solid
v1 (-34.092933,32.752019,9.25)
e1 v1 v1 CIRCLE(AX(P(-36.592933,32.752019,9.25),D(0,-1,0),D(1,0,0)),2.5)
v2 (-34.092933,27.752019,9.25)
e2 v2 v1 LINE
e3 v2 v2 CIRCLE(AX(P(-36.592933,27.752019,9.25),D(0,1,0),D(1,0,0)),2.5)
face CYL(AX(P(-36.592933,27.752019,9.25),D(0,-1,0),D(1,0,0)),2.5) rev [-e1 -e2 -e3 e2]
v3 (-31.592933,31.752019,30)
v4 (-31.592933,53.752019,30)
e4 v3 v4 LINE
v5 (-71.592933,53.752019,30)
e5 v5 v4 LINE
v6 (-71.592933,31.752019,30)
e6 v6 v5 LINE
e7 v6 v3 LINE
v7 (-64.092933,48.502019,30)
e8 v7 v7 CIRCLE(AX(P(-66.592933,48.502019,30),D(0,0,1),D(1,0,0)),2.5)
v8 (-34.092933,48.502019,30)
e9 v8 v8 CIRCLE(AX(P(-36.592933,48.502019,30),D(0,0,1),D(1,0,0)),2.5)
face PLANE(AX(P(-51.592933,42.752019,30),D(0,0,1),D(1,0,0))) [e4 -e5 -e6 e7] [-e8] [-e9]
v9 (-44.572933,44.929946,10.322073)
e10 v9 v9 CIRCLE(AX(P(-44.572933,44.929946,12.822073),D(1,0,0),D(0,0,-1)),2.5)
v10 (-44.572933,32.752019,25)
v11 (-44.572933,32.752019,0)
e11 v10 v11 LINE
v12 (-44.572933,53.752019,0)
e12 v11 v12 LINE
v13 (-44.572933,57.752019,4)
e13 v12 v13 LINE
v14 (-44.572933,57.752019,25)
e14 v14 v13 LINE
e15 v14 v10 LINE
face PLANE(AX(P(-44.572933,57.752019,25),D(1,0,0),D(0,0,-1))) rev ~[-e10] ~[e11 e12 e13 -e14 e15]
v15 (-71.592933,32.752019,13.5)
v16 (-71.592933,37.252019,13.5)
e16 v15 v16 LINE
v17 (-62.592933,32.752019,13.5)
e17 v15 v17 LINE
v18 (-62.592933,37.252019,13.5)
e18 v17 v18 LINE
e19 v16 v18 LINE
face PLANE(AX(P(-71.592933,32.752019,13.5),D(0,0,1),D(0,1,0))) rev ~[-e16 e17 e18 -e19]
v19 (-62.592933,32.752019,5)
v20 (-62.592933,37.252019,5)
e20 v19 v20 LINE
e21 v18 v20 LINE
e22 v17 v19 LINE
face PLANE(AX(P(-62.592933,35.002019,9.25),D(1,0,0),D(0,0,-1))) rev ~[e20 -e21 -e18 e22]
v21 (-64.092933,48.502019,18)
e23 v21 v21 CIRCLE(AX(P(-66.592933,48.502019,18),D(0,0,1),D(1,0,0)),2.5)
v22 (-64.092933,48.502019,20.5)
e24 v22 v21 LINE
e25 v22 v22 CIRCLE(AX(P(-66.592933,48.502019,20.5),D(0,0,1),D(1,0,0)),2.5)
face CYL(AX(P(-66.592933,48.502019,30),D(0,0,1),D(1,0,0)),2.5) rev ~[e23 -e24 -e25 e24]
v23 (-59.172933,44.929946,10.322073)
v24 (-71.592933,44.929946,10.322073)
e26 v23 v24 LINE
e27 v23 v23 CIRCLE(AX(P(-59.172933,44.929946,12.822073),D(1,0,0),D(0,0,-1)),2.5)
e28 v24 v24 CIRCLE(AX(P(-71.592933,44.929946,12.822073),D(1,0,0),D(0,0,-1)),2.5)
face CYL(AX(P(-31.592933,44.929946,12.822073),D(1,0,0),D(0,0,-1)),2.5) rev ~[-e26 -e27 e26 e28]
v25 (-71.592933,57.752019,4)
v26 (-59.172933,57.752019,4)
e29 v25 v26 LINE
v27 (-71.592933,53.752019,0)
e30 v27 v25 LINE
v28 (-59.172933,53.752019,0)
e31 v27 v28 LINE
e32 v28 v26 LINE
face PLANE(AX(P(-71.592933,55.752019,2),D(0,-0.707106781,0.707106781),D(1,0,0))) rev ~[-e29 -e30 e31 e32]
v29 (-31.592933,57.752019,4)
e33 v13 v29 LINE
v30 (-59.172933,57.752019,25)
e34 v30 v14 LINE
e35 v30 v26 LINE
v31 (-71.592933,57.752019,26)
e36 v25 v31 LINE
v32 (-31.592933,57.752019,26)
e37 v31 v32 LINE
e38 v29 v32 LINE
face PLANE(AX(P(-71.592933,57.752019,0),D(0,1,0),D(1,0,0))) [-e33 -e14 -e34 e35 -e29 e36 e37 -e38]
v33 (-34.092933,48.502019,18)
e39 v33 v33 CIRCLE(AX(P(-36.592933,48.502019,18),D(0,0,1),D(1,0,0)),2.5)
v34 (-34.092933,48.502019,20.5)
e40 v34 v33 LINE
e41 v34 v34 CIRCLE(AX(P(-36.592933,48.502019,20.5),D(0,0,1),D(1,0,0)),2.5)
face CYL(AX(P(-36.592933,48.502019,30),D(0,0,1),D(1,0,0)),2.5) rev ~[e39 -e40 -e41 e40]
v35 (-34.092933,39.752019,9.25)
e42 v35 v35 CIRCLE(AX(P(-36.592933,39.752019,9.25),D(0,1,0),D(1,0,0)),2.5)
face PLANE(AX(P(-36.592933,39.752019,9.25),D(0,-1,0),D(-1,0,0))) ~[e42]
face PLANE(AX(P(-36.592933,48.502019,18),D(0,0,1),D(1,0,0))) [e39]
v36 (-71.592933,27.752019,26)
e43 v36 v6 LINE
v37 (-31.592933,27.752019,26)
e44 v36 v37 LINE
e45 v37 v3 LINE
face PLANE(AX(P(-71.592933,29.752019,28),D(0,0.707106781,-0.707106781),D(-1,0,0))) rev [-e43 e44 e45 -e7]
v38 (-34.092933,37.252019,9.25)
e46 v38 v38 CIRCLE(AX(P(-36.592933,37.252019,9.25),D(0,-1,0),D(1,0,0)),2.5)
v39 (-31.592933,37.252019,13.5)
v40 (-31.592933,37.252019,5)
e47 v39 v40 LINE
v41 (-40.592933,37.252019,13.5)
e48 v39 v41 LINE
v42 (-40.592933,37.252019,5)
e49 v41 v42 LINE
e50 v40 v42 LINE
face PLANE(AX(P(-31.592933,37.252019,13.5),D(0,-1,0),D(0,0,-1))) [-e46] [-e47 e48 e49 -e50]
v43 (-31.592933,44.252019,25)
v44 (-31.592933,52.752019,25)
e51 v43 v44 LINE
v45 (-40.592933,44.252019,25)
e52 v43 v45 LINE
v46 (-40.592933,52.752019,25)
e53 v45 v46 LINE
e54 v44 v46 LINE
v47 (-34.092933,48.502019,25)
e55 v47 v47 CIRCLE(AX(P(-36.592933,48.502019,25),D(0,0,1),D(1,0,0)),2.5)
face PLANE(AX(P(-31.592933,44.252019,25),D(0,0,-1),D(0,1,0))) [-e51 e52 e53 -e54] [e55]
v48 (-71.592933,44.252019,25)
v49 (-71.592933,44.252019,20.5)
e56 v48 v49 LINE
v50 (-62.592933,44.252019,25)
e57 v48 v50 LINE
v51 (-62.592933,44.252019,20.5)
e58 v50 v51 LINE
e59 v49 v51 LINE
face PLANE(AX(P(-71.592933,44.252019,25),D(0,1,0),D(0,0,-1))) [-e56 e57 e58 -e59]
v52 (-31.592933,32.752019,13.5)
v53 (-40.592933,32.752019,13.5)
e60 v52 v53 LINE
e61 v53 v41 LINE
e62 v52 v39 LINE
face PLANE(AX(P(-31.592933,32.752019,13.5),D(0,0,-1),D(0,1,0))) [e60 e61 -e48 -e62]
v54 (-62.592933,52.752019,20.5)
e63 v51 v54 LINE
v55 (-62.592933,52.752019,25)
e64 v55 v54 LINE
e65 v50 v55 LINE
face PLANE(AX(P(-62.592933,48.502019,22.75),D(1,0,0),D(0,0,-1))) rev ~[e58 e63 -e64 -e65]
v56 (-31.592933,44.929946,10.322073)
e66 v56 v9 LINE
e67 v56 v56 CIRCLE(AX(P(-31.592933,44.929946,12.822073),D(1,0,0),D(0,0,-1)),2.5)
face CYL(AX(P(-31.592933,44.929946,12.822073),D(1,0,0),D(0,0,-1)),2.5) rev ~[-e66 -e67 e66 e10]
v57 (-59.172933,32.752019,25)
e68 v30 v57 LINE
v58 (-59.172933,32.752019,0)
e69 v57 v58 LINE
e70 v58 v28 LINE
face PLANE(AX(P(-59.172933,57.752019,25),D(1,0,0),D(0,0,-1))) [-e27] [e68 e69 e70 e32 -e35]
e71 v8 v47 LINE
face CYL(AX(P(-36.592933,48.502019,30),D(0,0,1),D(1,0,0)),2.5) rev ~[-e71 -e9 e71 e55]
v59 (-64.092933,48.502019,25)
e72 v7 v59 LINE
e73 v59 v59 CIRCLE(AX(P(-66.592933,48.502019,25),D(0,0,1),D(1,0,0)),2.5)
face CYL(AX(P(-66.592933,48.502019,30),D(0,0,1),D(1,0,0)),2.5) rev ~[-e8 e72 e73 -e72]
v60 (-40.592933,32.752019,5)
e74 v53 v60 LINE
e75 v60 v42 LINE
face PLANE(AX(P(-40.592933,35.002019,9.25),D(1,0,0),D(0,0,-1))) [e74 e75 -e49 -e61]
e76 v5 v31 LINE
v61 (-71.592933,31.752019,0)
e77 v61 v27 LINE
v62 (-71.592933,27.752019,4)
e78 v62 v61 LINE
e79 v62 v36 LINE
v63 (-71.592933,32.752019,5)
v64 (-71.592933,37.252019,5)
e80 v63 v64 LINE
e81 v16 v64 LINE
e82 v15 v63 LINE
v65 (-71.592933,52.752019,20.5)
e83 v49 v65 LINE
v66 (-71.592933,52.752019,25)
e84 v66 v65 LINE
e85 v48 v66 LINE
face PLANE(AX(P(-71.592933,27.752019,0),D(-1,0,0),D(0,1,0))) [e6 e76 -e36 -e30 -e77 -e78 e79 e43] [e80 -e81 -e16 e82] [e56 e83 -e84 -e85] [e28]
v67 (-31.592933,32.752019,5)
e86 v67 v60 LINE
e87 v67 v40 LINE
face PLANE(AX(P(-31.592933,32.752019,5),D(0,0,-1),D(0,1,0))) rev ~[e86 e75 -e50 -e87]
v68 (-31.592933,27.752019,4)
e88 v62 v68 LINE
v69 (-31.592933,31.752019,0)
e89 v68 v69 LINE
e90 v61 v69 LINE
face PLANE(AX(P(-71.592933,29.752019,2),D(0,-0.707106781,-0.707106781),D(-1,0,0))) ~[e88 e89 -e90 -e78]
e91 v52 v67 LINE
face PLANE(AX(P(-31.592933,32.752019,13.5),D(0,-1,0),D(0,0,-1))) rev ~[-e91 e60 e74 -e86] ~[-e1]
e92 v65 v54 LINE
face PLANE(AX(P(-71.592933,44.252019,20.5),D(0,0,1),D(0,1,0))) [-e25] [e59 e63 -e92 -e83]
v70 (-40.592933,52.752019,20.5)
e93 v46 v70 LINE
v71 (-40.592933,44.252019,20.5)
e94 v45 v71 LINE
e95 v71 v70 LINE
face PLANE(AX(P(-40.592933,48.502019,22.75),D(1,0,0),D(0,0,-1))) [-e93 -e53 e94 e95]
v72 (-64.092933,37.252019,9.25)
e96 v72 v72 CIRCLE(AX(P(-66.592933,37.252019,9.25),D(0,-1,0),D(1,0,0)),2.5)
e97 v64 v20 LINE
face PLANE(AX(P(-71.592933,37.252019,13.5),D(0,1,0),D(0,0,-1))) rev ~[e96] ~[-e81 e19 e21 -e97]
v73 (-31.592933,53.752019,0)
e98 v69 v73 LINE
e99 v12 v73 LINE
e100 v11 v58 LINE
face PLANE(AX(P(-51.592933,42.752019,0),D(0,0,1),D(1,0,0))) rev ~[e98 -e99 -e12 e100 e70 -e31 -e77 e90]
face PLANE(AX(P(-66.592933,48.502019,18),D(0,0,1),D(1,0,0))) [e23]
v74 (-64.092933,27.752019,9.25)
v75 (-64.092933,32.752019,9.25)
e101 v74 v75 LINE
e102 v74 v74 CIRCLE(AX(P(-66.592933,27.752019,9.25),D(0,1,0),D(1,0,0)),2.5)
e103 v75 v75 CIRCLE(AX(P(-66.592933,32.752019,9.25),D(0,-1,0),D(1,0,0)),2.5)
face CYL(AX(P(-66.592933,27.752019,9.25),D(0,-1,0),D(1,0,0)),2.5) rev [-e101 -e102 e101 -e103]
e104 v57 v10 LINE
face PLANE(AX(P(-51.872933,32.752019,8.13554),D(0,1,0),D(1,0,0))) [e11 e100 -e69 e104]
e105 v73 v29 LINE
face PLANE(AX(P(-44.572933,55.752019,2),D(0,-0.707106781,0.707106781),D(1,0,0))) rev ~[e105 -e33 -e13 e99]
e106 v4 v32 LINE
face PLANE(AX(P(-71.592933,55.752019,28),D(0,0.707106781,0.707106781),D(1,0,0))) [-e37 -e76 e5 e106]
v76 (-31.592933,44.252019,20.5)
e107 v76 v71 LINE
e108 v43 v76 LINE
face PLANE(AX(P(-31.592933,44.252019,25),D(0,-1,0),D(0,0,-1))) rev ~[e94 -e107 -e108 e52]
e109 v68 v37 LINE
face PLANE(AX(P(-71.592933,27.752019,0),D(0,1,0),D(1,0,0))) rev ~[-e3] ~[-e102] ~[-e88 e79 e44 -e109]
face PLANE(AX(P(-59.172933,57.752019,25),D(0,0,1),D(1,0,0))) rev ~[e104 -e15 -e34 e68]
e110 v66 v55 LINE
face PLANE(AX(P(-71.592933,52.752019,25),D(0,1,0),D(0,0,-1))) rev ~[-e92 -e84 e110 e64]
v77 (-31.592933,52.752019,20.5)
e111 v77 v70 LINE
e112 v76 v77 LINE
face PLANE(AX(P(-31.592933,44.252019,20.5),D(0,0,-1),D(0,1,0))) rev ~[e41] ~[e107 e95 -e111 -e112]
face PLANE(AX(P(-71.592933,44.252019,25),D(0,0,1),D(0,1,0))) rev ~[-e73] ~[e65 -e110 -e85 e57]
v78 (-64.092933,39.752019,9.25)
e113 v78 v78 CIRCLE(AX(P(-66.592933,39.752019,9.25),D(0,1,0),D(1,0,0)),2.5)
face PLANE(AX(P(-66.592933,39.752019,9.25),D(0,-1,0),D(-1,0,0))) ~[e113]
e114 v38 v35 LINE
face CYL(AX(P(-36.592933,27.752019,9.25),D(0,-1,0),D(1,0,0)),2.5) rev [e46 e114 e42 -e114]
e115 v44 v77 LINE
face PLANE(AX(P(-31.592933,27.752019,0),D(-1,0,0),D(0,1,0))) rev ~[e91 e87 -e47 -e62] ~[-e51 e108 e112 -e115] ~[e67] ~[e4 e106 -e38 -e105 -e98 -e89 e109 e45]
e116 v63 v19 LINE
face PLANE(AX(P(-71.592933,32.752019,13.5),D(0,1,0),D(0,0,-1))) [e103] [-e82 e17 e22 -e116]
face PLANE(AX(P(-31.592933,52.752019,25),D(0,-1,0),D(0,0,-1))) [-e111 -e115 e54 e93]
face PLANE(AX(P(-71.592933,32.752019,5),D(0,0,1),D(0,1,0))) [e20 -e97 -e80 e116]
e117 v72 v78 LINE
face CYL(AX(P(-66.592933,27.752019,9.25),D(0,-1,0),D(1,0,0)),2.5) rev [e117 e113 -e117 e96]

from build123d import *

# Parameters (mm, degrees)
SKETCH1_W           = 39.999999999
SKETCH1_H           = 30
BOSS_EXTRUDE1_DEPTH = 30
SKETCH2_W           = 14.6
SKETCH2_H           = 33.728920846
CUT_EXTRUDE1_DEPTH  = 25
SKETCH3_R           = 2.5
CUT_EXTRUDE2_DEPTH  = 77.38910698
SKETCH4_W           = 8.5
SKETCH4_H           = 4.5
SKETCH4_W_2         = 4.5
SKETCH4_H_2         = 8.5
CUT_EXTRUDE3_DEPTH  = 9
CUT_EXTRUDE4_START  = -40
SKETCH4_2_W         = 8.5
SKETCH4_2_H         = 4.5
SKETCH4_2_W_2       = 4.5
SKETCH4_2_H_2       = 8.5
CUT_EXTRUDE4_DEPTH  = 9
SKETCH5_R           = 2.5
CUT_EXTRUDE5_DEPTH  = 12
CHAMFER1_SIZE       = 4


with BuildPart() as part:
    # Sketch1 → Boss-Extrude1 (new body)
    with BuildSketch(Plane.XY):
        with Locations((-51.592932584, 42.752018711)):
            Rectangle(SKETCH1_W, SKETCH1_H)
    extrude(amount=BOSS_EXTRUDE1_DEPTH)

    # Sketch2 → Cut-Extrude1 (cut)
    with BuildSketch(Plane(origin=(0, 57.752018711, 0), x_dir=(1, 0, 0), z_dir=(0, 1, 0))):
        with Locations((-51.872932582, -8.135539577)):
            Rectangle(SKETCH2_W, SKETCH2_H)
    extrude(amount=-CUT_EXTRUDE1_DEPTH, mode=Mode.SUBTRACT)

    # Sketch3 → Cut-Extrude2 (cut, through all)
    with BuildSketch(Plane(origin=(-31.592932584, 0, 0), x_dir=(0, 0, -1), z_dir=(1, 0, 0))):
        with Locations((-12.822072937, 44.929945774)):
            Circle(SKETCH3_R)
    extrude(amount=-CUT_EXTRUDE2_DEPTH, mode=Mode.SUBTRACT)

    # Sketch4 → Cut-Extrude3 (cut)
    with BuildSketch(Plane(origin=(-31.592932584, 0, 0), x_dir=(0, 0, -1), z_dir=(1, 0, 0))):
        with Locations((-9.25, 35.002018711)):
            Rectangle(SKETCH4_W, SKETCH4_H)
        with Locations((-22.75, 48.502018711)):
            Rectangle(SKETCH4_W_2, SKETCH4_H_2)
    extrude(amount=-CUT_EXTRUDE3_DEPTH, mode=Mode.SUBTRACT)

    # Sketch4<2> → Cut-Extrude4 (cut)
    with BuildSketch(Plane(origin=(-31.592932584, 0, 0), x_dir=(0, 0, -1), z_dir=(1, 0, 0)).offset(CUT_EXTRUDE4_START)):
        with Locations((-9.25, 35.002018711)):
            Rectangle(SKETCH4_2_W, SKETCH4_2_H)
        with Locations((-22.75, 48.502018711)):
            Rectangle(SKETCH4_2_W_2, SKETCH4_2_H_2)
    extrude(amount=CUT_EXTRUDE4_DEPTH, mode=Mode.SUBTRACT)

    # Sketch5 → Cut-Extrude5 (cut)
    with BuildSketch(Plane.XY.offset(30)):
        with Locations((-66.592932583, 48.502018711)):
            Circle(SKETCH5_R)
        with Locations((-36.592932584, 48.502018711)):
            Circle(SKETCH5_R)
    cut_extrude5 = extrude(amount=-CUT_EXTRUDE5_DEPTH, mode=Mode.SUBTRACT)

    # Mirror1: Cut-Extrude5 across plane
    add(cut_extrude5.mirror(Plane(origin=(0, 28.876009355, 28.876009355), x_dir=(0, -0.7071067811865478, 0.7071067811865472), z_dir=(0, -0.7071067811865475, -0.7071067811865477))), mode=Mode.SUBTRACT)

    # Chamfer1
    chamfer1_edges = [part.edges().sort_by_distance(p)[0] for p in [
        (-51.592932584, 27.752018711, 30),
        (-65.382932583, 57.752018711, 0),
        (-51.592932584, 27.752018711, 0),
        (-38.082932583, 57.752018711, 0),
        (-51.592932584, 57.752018711, 30),
    ]]
    chamfer(chamfer1_edges, length=CHAMFER1_SIZE)


solid = part.part
